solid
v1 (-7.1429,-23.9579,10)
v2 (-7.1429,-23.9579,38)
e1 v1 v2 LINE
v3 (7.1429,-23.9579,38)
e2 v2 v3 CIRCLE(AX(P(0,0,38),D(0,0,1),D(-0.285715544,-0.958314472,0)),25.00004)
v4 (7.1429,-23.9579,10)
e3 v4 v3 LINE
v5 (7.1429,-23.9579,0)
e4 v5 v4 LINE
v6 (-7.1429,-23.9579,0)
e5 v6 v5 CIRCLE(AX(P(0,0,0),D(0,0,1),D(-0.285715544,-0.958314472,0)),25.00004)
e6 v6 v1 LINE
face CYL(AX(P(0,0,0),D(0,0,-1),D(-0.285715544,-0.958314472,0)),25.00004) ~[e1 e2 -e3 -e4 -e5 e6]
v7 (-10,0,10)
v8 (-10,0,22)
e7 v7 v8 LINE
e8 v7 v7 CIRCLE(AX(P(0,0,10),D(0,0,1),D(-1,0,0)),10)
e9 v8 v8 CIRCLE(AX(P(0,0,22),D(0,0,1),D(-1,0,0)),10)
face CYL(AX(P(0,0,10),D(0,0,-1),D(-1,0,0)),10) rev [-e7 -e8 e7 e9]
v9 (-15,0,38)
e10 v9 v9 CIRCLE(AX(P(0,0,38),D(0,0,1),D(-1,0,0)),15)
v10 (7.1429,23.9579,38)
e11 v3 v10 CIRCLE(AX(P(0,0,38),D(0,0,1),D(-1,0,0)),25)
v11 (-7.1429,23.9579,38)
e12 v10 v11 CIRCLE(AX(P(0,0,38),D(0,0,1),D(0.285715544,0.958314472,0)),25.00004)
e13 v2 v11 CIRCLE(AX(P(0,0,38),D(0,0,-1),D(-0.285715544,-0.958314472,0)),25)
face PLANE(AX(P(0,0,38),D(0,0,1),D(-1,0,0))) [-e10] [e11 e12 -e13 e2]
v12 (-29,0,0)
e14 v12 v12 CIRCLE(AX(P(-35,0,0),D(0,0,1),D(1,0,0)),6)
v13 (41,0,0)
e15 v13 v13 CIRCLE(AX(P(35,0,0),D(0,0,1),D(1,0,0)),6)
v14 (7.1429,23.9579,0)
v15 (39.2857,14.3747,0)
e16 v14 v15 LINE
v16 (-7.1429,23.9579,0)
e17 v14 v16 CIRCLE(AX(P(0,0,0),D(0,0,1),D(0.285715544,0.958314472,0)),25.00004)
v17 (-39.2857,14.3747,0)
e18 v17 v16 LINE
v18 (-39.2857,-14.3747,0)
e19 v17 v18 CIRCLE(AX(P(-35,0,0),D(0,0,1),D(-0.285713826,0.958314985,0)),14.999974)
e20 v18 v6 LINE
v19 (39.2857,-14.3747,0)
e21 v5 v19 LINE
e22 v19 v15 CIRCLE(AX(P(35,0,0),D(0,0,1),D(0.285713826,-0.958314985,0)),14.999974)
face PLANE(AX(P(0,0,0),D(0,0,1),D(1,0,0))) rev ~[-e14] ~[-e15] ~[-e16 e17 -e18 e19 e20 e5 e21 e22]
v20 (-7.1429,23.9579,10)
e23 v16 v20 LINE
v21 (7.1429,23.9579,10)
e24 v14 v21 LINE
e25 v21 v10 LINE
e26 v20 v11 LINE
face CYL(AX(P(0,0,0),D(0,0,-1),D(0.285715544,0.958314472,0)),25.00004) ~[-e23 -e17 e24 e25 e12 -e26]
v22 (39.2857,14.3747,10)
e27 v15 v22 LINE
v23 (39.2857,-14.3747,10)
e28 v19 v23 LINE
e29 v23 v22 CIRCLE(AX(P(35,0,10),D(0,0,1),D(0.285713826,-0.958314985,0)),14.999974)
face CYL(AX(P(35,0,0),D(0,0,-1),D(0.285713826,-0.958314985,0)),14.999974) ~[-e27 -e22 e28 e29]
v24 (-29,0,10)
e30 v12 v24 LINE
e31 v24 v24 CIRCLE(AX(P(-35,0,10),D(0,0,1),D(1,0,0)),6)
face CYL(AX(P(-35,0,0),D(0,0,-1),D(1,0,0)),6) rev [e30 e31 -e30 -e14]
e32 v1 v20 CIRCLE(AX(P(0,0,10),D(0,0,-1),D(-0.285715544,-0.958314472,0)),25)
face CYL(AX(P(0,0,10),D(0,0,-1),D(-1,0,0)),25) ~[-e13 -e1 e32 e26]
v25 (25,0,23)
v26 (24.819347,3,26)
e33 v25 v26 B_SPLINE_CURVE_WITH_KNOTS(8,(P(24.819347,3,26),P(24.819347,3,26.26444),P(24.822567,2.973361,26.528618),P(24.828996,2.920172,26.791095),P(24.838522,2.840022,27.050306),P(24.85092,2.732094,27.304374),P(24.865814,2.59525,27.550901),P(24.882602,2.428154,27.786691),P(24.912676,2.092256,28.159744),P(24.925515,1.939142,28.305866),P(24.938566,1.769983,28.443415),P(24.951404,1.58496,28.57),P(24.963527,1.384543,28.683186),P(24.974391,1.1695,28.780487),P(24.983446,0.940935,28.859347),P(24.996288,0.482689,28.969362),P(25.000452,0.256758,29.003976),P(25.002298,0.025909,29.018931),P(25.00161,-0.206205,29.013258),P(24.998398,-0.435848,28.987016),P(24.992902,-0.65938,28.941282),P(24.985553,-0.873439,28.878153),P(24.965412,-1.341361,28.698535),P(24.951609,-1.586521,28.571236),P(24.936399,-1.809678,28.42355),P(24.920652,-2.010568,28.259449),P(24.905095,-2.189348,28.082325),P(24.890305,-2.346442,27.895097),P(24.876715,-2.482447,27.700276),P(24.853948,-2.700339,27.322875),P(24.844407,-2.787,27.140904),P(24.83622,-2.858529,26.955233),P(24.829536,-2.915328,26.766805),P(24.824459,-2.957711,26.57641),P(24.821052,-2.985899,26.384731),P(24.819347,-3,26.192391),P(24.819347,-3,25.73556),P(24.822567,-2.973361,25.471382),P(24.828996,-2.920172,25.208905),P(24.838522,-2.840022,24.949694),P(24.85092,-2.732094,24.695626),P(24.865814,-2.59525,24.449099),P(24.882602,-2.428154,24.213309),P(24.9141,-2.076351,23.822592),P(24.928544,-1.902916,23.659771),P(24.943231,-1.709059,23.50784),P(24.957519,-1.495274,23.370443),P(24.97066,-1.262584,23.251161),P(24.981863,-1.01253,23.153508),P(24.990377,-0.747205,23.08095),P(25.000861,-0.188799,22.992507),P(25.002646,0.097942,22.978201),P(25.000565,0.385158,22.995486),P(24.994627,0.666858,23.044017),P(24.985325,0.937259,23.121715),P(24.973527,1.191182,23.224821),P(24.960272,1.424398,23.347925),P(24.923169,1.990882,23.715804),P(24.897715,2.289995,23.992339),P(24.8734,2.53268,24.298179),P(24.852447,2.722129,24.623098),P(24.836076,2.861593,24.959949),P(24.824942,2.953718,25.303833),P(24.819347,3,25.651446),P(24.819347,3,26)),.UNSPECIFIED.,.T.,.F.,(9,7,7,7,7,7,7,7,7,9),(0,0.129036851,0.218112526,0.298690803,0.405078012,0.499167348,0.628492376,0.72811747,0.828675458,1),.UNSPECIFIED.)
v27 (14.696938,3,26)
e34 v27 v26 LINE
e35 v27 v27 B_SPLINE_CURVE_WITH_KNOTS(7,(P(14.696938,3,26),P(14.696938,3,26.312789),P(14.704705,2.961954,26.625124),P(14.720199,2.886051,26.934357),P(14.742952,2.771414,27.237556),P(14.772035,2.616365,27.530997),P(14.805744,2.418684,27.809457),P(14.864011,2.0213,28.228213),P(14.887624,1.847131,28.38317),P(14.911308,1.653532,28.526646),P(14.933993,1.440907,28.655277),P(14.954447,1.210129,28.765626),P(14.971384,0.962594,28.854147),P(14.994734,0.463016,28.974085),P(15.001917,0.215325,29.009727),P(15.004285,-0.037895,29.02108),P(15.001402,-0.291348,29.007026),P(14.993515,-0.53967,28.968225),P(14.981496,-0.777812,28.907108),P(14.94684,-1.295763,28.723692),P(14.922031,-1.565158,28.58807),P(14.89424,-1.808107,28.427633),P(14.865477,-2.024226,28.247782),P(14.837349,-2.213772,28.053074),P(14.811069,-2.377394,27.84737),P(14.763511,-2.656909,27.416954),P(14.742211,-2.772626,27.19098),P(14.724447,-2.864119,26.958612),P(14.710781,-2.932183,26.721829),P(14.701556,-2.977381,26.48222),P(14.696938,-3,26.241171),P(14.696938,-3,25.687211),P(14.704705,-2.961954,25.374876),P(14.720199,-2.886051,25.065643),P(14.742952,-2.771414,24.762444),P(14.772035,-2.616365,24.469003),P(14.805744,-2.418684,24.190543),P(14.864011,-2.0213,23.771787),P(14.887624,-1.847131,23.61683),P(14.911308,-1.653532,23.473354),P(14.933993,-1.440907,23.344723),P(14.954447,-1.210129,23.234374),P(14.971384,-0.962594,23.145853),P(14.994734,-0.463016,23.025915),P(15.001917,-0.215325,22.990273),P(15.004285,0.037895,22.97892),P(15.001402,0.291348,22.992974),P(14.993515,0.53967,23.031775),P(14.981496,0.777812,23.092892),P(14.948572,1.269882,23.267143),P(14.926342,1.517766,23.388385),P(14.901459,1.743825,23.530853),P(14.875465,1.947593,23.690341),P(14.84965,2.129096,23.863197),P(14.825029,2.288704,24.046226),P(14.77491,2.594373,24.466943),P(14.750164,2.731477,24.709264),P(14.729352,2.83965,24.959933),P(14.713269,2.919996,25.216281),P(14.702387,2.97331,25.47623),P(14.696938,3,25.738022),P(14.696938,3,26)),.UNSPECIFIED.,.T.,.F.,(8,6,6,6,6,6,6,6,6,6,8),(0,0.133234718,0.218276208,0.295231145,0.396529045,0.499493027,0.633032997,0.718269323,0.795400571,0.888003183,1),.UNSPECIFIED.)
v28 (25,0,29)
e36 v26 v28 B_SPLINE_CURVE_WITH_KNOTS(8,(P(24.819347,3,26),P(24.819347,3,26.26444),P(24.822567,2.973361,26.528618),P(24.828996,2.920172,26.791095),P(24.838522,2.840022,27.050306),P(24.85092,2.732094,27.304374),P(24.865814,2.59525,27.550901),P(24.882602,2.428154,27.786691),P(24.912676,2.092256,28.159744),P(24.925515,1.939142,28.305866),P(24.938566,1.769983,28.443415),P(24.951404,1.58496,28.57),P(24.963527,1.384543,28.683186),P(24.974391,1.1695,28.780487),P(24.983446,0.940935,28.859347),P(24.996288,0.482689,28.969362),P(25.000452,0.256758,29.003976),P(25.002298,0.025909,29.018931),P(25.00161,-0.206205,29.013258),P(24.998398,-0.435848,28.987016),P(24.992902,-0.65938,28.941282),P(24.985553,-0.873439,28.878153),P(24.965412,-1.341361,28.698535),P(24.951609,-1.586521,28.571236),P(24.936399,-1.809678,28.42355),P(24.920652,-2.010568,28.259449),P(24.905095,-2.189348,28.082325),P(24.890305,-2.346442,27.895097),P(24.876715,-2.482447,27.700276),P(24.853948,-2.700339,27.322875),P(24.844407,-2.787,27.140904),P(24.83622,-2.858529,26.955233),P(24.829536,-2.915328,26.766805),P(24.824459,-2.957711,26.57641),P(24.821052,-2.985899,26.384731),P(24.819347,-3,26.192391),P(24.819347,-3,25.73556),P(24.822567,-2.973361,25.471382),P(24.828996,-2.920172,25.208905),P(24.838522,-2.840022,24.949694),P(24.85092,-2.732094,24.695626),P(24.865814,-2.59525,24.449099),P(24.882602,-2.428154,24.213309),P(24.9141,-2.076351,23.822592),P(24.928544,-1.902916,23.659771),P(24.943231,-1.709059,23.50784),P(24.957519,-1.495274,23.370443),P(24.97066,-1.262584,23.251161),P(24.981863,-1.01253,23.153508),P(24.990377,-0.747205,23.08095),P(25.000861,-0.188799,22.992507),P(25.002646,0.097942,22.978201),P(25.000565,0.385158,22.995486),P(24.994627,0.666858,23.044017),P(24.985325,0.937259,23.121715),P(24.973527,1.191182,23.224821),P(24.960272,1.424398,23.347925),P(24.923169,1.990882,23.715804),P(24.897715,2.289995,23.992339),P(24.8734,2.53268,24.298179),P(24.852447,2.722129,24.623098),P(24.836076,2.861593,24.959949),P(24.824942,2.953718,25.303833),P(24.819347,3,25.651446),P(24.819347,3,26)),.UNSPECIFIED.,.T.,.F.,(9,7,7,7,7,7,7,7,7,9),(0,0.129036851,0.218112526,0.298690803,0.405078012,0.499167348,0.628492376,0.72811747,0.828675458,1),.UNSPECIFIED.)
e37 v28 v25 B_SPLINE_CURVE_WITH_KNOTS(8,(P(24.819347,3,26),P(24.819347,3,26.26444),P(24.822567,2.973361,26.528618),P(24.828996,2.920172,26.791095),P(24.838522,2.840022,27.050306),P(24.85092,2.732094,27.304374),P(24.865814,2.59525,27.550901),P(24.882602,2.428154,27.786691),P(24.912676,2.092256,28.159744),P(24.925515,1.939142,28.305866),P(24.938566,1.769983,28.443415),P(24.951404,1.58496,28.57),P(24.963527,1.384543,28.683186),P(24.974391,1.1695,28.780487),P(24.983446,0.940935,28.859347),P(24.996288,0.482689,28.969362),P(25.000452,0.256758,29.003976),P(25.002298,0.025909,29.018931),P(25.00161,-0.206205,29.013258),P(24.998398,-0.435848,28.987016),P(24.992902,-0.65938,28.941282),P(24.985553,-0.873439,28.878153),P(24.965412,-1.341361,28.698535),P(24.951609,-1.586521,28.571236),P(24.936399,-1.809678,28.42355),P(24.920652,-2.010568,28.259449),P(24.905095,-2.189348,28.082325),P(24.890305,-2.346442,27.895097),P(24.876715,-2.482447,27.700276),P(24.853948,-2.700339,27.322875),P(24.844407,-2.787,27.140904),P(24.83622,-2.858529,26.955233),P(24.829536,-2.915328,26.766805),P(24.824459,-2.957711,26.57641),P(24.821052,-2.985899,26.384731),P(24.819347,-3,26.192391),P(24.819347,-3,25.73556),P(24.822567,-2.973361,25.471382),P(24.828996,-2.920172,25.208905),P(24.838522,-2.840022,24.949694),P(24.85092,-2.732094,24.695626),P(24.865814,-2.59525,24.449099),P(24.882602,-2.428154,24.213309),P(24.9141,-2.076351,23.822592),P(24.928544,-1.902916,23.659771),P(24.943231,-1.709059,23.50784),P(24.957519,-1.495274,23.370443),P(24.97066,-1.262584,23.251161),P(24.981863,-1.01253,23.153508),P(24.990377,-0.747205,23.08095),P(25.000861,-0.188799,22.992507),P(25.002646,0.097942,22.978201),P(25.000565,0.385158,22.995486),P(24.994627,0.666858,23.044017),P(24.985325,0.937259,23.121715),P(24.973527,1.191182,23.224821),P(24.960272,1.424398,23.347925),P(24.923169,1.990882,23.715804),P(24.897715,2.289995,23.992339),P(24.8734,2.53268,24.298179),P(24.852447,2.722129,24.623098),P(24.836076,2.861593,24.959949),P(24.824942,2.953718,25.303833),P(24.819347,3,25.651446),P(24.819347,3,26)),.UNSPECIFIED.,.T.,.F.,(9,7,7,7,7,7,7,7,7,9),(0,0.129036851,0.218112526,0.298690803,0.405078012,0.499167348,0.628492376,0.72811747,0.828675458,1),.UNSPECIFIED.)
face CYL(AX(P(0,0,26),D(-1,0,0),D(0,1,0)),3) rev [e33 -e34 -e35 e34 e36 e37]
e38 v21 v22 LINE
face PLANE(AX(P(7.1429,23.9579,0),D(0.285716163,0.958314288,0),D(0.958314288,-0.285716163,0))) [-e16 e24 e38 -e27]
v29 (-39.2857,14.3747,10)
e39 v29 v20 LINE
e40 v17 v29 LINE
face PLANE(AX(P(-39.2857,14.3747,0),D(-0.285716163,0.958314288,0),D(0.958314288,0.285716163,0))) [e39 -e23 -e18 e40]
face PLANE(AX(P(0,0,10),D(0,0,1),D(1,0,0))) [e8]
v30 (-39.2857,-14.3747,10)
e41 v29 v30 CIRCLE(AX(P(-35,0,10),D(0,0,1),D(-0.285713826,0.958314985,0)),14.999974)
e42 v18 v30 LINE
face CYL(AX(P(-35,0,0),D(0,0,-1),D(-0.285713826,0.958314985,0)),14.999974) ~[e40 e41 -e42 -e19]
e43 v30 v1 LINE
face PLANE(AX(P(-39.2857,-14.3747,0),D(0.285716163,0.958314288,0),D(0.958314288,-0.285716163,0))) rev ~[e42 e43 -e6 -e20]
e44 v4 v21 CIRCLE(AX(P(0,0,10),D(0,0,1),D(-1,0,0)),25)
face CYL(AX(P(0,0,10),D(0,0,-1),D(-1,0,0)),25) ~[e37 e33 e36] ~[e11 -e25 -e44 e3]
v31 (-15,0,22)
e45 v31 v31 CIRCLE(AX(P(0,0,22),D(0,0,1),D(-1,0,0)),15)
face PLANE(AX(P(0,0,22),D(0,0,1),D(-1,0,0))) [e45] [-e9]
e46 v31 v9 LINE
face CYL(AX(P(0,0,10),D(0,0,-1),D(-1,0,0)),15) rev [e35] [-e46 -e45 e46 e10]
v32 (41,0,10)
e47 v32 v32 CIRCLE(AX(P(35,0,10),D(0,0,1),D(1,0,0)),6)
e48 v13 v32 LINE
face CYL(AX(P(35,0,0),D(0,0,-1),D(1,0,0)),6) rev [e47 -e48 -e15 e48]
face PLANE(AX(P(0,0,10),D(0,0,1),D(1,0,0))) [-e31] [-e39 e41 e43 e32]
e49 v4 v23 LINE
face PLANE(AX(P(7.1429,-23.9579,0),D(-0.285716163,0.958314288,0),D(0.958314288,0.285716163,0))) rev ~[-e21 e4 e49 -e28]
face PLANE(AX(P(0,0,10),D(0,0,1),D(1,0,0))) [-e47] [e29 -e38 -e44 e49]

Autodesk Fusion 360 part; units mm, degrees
sketch "Sketch1" plane through (0, 0, 0) normal (0, 0, 1) x (1, 0, 0)
  circle A0 centre (-35, 0) radius 6
  circle A1 centre (35, 0) radius 6
  line L0 (-39.2857, 14.3747) -> (-7.1429, 23.9579)
  line L1 (-39.2857, -14.3747) -> (-7.1429, -23.9579)
  line L2 (7.1429, 23.9579) -> (39.2857, 14.3747)
  line L3 (7.1429, -23.9579) -> (39.2857, -14.3747)
  arc A2 (39.2857, -14.3747) -> (39.2857, 14.3747) centre (35, 0) ccw
  arc A3 (-39.2857, 14.3747) -> (-39.2857, -14.3747) centre (-35, 0) ccw
  arc A4 (-7.1429, -23.9579) -> (7.1429, -23.9579) centre (0, 0) ccw
  arc A5 (7.1429, 23.9579) -> (-7.1429, 23.9579) centre (0, 0) ccw
  dimension "d3" = 50
  dimension "d4" = 12
  dimension "d5" = 12
  dimension "d6" = 35
  dimension "d7" = 35
  dimension "d8" = 30
  dimension "d9" = 30
extrude "Extrude1" add sketch "Sketch1" along normal blind 10
sketch "Sketch2" plane through (0, 0, 10) normal (0, 0, 1) x (-1, 0, 0)
  circle A0 centre (-35, 0) radius 6
  circle A1 centre (35, 0) radius 6
  arc A2 (39.2857, -14.3747) -> (39.2857, 14.3747) centre (35, 0) ccw
  line L0 (39.2857, 14.3747) -> (7.1429, 23.9579)
  arc A3 (7.1429, 23.9579) -> (-7.1429, 23.9579) centre (0, 0) ccw
  line L1 (-7.1429, 23.9579) -> (-39.2857, 14.3747)
  arc A4 (-39.2857, 14.3747) -> (-39.2857, -14.3747) centre (-35, 0) ccw
  line L2 (-39.2857, -14.3747) -> (-7.1429, -23.9579)
  arc A5 (-7.1429, -23.9579) -> (7.1429, -23.9579) centre (0, 0) ccw
  line L3 (7.1429, -23.9579) -> (39.2857, -14.3747)
  circle A6 centre (0, 0) radius 25
  circle A7 centre (0, 0) radius 15
  circle A8 centre (0, 0) radius 10
  dimension "d12" = 50
  dimension "d13" = 30
  dimension "d14" = 20
extrude "Extrude2" add sketch "Sketch2" along normal blind 28 contours A3 A5 A6
sketch "Sketch3" plane through (0, 0, 10) normal (0, 0, 1) x (-1, 0, 0)
  circle A0 centre (0, 0) radius 15
  circle A1 centre (0, 0) radius 10
  dimension "d17" = 20
extrude "Extrude3" add sketch "Sketch3" along normal blind 12
sketch "Sketch4" plane through (0, 0, 10) normal (0, 0, 1) x (-1, 0, 0)
  circle A0 centre (-35, 0) radius 6
  arc A1 (-7.1429, 23.9579) -> (-7.1429, -23.9579) centre (0, 0) ccw
  line L0 (-7.1429, 23.9579) -> (-39.2857, 14.3747)
  arc A2 (-39.2857, 14.3747) -> (-39.2857, -14.3747) centre (-35, 0) ccw
  line L1 (-39.2857, -14.3747) -> (-7.1429, -23.9579)
sketch "Sketch5" plane through (0, 0, 0) normal (1, 0, 0) x (0, 1, 0)
  circle A0 centre (0, 26) radius 3
  line L0 (25, 38) -> (-25, 38)
  dimension "d20" = 6
  dimension "d21" = 12
extrude "Extrude4" cut sketch "Sketch5" along normal blind 25
sketch "Sketch6" plane through (0, 0, 0) normal (1, 0, 0) x (0, 1, 0)
